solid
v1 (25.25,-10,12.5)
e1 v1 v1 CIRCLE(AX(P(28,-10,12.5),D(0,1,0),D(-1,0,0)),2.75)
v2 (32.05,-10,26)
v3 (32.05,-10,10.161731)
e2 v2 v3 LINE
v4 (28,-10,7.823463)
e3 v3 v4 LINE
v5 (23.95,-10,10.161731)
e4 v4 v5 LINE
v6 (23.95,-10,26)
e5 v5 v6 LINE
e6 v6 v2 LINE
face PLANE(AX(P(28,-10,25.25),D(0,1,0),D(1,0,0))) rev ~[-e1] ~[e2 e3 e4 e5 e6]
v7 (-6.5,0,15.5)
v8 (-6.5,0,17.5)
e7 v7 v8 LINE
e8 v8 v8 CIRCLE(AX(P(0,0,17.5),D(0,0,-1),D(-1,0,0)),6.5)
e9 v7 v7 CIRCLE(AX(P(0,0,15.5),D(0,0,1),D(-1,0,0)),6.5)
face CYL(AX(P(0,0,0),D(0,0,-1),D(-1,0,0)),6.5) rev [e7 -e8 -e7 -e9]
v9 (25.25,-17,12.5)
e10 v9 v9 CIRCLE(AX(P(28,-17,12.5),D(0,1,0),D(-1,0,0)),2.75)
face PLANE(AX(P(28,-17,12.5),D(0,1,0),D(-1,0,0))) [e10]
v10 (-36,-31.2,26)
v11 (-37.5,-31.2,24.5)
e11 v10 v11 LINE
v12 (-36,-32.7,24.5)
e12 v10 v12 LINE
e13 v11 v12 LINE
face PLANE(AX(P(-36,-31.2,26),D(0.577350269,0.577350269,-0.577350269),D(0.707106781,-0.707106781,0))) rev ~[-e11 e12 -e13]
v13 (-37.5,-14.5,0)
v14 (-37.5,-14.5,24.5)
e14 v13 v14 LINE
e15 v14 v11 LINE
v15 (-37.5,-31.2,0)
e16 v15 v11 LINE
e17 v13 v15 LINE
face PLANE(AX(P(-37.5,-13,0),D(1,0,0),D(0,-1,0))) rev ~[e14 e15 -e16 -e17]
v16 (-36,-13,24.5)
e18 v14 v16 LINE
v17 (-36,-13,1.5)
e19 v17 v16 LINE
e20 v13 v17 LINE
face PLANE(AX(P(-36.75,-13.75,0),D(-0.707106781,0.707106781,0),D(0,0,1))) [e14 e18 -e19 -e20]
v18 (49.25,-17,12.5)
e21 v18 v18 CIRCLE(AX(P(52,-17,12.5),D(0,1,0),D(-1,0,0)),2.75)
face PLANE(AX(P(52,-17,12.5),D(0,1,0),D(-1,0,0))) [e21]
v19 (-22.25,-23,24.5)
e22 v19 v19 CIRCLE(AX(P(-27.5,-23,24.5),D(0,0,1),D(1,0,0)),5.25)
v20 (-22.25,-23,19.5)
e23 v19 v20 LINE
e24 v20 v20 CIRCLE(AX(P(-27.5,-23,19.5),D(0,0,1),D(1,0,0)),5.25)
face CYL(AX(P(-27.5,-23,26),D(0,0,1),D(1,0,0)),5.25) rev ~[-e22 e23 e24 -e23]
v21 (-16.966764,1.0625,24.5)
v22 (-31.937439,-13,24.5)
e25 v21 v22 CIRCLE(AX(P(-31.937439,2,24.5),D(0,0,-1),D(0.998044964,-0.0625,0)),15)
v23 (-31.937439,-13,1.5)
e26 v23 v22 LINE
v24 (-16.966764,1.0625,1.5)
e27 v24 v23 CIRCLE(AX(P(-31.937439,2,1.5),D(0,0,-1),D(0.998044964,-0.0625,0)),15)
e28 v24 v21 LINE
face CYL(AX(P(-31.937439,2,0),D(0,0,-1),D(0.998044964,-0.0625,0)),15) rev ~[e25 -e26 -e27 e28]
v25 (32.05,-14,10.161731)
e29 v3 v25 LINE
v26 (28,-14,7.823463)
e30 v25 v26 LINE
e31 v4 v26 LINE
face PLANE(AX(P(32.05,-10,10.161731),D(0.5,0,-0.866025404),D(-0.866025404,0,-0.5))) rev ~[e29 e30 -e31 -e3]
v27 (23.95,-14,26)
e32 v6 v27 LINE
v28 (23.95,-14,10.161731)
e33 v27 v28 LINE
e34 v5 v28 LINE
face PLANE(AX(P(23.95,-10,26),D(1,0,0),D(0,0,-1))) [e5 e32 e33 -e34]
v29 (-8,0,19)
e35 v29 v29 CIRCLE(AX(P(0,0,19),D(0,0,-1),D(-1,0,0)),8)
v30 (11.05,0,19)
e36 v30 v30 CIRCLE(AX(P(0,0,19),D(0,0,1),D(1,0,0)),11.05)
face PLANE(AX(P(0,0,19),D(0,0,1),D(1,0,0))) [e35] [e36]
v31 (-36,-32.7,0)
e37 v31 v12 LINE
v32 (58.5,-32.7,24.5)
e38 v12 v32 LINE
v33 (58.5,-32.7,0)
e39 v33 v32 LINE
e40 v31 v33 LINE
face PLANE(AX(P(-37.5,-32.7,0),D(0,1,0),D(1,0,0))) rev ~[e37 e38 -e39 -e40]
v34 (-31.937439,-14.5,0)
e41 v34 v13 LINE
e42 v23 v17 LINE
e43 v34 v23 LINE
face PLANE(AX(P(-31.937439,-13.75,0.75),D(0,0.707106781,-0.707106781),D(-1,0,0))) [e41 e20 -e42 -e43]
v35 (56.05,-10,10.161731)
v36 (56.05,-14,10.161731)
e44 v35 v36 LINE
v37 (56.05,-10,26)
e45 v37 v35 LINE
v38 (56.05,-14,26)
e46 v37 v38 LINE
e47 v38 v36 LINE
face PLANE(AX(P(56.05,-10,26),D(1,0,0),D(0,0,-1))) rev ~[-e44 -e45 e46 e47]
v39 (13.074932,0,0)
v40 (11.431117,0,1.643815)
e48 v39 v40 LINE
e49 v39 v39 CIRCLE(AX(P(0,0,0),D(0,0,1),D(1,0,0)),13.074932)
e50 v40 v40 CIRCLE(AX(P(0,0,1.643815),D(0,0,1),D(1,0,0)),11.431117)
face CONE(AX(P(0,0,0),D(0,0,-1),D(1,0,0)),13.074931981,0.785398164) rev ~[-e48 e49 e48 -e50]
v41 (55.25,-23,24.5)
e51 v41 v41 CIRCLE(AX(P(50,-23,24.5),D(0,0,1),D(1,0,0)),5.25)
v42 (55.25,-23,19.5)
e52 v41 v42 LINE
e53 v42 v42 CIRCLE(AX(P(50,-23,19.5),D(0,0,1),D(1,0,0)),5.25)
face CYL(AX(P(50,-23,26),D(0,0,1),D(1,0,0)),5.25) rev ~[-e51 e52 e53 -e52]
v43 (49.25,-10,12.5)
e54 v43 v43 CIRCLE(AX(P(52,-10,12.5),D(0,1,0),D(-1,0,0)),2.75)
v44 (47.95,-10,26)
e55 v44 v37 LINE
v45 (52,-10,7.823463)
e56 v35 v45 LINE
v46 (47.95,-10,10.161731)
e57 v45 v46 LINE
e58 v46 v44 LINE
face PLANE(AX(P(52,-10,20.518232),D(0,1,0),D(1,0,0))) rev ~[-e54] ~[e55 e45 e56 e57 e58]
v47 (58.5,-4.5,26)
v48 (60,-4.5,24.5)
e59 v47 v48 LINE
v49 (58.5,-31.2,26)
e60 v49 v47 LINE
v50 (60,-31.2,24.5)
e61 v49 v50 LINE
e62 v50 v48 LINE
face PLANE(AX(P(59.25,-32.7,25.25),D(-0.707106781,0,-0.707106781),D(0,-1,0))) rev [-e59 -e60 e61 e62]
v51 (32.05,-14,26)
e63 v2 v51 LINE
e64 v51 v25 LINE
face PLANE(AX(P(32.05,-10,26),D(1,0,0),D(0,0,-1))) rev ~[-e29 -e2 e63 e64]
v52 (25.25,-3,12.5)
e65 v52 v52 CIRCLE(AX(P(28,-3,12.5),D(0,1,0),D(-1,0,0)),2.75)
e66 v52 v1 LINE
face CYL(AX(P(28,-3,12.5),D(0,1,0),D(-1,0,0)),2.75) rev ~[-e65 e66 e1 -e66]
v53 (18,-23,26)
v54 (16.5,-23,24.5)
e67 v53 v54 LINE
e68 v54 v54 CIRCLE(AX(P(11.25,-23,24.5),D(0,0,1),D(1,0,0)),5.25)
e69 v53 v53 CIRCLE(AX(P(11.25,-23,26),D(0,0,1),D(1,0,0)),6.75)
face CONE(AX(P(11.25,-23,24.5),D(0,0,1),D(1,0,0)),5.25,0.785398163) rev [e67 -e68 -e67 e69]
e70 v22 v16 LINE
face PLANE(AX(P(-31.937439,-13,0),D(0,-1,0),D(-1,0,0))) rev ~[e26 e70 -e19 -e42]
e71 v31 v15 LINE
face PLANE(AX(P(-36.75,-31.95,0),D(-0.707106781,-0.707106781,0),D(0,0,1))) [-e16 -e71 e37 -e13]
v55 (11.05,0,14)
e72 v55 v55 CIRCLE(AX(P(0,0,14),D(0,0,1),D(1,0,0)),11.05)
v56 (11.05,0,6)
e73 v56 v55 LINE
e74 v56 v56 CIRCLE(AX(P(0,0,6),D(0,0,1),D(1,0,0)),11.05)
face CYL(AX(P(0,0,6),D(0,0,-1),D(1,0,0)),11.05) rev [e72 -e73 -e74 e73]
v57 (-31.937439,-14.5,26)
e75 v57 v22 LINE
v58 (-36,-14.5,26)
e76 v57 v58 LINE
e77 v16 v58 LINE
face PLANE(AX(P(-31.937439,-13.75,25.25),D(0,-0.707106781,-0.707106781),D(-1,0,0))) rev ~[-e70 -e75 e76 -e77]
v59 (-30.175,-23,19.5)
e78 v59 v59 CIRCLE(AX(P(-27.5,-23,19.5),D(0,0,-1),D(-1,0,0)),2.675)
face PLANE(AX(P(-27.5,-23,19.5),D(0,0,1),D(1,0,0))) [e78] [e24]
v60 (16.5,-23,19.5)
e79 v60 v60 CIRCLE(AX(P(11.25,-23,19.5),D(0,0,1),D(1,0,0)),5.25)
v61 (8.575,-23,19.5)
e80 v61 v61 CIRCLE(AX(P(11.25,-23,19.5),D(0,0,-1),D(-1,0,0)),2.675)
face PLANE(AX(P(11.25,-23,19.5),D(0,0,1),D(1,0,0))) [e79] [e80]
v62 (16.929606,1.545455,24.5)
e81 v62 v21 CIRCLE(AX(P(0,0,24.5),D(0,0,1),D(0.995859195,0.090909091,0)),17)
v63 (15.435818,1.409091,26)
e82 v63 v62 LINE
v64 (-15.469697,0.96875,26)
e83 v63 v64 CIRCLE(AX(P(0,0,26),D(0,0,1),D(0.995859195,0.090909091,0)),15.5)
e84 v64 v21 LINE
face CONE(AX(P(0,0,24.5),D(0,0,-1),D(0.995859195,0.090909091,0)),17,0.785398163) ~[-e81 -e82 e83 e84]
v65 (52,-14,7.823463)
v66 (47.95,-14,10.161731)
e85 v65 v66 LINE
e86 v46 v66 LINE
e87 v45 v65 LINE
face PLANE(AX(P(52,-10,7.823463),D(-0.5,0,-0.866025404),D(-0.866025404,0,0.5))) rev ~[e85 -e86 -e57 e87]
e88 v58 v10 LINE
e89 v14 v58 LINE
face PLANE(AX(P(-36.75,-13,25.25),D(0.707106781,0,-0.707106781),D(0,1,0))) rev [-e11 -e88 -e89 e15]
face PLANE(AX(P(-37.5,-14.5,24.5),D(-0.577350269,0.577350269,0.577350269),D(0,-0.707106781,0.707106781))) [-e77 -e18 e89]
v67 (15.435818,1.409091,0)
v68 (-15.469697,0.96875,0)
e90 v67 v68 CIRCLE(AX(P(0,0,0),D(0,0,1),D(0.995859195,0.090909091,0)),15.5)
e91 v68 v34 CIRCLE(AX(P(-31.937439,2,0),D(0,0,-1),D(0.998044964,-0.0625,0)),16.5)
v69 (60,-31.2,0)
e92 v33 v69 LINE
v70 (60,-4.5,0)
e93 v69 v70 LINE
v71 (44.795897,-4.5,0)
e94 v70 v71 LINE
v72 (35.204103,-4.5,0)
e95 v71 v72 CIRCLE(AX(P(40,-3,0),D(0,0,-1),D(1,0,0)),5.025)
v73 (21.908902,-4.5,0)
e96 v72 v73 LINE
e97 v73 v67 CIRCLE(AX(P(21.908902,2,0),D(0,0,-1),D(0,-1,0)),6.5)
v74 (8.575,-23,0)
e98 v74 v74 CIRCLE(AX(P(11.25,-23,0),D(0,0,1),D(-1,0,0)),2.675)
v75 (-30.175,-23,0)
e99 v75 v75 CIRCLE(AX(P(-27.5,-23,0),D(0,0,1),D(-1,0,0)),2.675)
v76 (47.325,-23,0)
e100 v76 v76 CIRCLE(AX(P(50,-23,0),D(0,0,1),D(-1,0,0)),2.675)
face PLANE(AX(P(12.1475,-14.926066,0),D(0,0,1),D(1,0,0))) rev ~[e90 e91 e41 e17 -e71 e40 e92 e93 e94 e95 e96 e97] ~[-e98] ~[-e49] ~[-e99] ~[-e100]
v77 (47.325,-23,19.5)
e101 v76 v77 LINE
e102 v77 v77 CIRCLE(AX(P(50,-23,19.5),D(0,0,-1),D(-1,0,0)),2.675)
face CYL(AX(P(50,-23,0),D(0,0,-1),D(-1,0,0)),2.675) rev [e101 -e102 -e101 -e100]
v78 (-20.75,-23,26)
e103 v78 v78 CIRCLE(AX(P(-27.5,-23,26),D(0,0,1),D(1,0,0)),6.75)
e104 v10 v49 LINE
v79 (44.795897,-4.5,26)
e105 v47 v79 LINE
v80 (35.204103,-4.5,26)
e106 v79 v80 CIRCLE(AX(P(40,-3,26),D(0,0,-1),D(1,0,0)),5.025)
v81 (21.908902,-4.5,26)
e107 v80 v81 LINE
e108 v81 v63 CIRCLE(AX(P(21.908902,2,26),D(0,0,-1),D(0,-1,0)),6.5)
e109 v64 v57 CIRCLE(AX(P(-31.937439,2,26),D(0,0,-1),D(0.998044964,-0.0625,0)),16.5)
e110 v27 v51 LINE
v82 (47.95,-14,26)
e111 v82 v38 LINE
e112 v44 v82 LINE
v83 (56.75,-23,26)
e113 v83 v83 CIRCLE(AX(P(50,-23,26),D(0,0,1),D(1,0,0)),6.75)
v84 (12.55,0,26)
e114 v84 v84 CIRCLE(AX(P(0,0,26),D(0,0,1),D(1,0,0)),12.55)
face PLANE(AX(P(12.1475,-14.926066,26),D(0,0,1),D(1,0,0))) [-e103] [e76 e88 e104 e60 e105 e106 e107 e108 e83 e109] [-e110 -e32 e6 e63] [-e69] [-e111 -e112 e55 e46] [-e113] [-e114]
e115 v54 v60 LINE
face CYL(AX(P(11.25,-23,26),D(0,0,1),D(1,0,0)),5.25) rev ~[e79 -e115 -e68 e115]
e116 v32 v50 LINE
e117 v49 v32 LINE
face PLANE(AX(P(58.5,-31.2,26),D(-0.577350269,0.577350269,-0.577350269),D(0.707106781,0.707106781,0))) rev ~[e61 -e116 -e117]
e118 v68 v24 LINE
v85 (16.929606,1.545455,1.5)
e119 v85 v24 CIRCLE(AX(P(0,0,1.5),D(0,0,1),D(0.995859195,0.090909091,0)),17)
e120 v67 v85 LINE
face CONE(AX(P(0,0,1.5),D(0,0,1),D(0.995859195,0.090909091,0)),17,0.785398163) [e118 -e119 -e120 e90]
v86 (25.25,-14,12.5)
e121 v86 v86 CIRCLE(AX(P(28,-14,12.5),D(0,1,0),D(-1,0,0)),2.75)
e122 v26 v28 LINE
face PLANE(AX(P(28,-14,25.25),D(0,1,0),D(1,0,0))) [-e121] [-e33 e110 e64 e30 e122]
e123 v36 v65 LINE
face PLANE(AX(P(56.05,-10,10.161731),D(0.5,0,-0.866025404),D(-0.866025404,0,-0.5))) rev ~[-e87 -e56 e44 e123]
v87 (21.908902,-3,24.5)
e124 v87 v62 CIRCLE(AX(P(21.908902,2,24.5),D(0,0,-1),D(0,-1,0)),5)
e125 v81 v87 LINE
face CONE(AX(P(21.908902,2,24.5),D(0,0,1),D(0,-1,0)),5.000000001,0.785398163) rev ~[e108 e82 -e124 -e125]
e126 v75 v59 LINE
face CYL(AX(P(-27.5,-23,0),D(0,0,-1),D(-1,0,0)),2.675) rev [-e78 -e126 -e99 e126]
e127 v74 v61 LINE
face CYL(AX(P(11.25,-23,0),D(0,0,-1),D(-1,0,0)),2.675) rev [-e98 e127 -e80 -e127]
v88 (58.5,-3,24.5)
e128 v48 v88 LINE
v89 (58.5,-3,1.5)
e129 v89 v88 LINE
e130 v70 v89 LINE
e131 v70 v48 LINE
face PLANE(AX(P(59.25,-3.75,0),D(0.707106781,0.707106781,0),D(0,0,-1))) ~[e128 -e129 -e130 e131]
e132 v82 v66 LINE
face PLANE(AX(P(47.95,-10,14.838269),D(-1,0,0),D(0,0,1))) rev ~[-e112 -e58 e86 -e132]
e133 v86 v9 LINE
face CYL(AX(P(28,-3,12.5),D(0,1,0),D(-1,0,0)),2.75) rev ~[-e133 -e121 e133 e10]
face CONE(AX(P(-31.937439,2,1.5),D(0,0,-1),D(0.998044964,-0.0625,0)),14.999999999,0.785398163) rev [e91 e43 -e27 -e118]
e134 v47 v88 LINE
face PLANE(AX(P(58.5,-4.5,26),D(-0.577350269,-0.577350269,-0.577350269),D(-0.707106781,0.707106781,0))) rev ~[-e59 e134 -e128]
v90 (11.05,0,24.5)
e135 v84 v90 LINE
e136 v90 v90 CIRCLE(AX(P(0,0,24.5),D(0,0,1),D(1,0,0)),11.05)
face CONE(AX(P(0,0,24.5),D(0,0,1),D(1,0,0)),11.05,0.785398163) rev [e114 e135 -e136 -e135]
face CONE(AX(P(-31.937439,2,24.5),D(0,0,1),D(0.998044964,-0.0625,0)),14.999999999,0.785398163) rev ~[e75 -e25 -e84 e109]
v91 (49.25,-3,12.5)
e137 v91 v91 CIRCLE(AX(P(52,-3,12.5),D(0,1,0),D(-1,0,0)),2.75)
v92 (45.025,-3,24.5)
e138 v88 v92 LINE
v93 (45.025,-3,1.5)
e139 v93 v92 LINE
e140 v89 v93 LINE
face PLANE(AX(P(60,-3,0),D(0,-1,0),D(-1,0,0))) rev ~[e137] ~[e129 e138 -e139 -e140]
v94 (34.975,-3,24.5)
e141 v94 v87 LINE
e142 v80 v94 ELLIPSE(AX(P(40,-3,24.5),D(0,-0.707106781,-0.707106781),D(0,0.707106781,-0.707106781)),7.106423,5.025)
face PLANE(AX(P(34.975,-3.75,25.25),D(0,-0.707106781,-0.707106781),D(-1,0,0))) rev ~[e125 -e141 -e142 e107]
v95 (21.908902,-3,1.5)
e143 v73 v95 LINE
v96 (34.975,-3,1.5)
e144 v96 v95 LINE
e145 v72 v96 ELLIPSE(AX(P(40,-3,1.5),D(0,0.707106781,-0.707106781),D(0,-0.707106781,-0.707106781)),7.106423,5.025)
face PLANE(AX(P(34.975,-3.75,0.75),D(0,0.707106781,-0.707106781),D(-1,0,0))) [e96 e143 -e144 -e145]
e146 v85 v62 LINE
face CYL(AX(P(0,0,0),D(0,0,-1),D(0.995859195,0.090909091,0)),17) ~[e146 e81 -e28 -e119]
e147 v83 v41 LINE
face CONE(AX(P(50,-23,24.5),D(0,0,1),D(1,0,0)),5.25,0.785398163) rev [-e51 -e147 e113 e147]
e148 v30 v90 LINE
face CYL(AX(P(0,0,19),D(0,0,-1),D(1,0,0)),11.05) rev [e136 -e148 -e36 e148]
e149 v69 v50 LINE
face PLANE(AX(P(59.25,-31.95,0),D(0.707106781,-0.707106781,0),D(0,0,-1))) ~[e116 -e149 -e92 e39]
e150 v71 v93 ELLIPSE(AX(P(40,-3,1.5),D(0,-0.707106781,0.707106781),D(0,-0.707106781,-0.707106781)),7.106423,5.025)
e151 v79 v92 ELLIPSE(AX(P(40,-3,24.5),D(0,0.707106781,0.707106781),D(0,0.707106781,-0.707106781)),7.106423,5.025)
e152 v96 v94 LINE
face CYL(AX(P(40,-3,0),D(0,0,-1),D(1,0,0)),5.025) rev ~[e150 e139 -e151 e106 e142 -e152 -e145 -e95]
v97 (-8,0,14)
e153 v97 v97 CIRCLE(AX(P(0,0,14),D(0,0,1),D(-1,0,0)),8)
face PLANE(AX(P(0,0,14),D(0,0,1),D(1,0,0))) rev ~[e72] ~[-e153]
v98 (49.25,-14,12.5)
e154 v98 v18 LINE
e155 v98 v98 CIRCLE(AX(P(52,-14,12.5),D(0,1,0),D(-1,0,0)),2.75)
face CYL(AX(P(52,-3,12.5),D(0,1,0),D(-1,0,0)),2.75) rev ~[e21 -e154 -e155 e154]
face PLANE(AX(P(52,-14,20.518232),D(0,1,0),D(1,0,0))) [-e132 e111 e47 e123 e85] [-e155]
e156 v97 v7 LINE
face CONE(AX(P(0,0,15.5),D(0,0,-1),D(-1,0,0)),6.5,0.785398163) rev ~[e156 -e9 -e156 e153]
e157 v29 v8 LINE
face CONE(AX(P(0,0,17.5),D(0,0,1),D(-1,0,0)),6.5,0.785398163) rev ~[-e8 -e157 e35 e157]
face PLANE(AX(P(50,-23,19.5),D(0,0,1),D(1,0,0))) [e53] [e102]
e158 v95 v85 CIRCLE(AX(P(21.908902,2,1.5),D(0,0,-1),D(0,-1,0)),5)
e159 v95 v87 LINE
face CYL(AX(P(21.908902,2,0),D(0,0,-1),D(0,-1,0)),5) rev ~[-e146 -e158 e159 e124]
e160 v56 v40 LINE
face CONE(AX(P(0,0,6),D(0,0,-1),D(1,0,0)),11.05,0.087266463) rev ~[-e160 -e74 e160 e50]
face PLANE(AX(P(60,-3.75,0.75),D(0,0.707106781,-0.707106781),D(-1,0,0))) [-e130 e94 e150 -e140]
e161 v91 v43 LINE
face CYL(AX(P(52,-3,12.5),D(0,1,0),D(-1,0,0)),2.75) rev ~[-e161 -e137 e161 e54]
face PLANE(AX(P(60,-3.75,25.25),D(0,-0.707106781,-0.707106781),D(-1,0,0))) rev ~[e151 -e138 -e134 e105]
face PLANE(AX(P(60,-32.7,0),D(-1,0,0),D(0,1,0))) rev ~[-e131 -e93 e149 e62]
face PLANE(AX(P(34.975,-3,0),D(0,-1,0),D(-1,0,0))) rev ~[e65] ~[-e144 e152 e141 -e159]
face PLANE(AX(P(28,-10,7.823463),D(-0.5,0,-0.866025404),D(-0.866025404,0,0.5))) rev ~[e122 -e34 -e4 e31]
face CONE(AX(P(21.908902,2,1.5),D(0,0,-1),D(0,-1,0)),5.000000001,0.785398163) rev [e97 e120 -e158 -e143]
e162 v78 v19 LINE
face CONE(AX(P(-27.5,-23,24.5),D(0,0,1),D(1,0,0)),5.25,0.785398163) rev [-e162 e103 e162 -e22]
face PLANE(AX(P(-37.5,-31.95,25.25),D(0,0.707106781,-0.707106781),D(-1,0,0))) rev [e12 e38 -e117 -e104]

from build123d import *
from OCP.BRepFilletAPI import BRepFilletAPI_MakeChamfer

# Parameters (mm, degrees)
SKETCH1_R           = 2.675
SKETCH1_R_2         = 6.5
BOSS_EXTRUDE1_DEPTH = 26
CUT_EXTRUDE2_START  = 6
SKETCH1_4_R         = 11.05
SKETCH1_4_R_2       = 6.5
CUT_EXTRUDE2_DEPTH  = 8
SKETCH5_R           = 11.05
CUT_EXTRUDE6_DEPTH  = 6
CUT_EXTRUDE6_DRAFT  = 5
SKETCH4_R           = 5.25
CUT_EXTRUDE5_DEPTH  = 6.5
CUT_EXTRUDE10_START = -7
SKETCH9_R           = 11.05
CUT_EXTRUDE10_DEPTH = 7
CHAMFER5_SIZE       = 1.5
CHAMFER5_SIZE2      = 1.650094301
SKETCH6_R           = 2.75
CUT_EXTRUDE7_DEPTH  = 14
CUT_EXTRUDE8_START  = -7
SKETCH7_R           = 2.75
SKETCH7_W           = 8.1
SKETCH7_H           = 1.5
CUT_EXTRUDE8_DEPTH  = 4


with BuildPart() as part:
    # Sketch1 → Boss-Extrude1 (new body)
    with BuildSketch(Plane.XY):
        with BuildLine():
            Line((-37.5, -32.7), (60, -32.7))
            Line((60, -32.7), (60, -3))
            Line((60, -3), (45.025, -3))
            ThreePointArc((45.025, -3), (40, -8.025), (34.975, -3))
            Line((34.975, -3), (21.9089023, -3))
            ThreePointArc((21.9089023, -3), (18.537902988, -1.692744729), (16.929606323, 1.545454545))
            ThreePointArc((16.929606323, 1.545454545), (-0.242190945, 16.998274723), (-16.966764387, 1.0625))
            ThreePointArc((-16.966764387, 1.0625), (-21.667640892, -8.933034803), (-31.937438845, -13))
            Line((-31.937438845, -13), (-37.5, -13))
            Line((-37.5, -13), (-37.5, -32.7))
        make_face()
        with Locations(Location((-27.5, -23, 0), (0, 0, 180))):
            Circle(SKETCH1_R, mode=Mode.SUBTRACT)
        with Locations(Location((50, -23, 0), (0, 0, 180))):
            Circle(SKETCH1_R, mode=Mode.SUBTRACT)
        with Locations(Location((0, 0, 0), (0, 0, 180))):
            Circle(SKETCH1_R_2, mode=Mode.SUBTRACT)
        with Locations(Location((11.25, -23, 0), (0, 0, 180))):
            Circle(SKETCH1_R, mode=Mode.SUBTRACT)
    extrude(amount=BOSS_EXTRUDE1_DEPTH)

    # Sketch1<4> → Cut-Extrude2 (cut)
    with BuildSketch(Plane.XY.offset(CUT_EXTRUDE2_START)):
        Circle(SKETCH1_4_R)
        with Locations(Location((0, 0, 0), (0, 0, 180))):
            Circle(SKETCH1_4_R_2, mode=Mode.SUBTRACT)
    extrude(amount=CUT_EXTRUDE2_DEPTH, mode=Mode.SUBTRACT)


with BuildPart() as cut_extrude6_tool:
    # Sketch5 → Cut-Extrude6 (with draft: the straight prism first)
    with BuildSketch(Plane.XY.offset(6)):
        Circle(SKETCH5_R)
    extrude(amount=-CUT_EXTRUDE6_DEPTH)
    # Cut-Extrude6: the draft: its side faces are tilted about the plane it starts from
    cut_extrude6_sides = [cut_extrude6_tool.faces().sort_by_distance(p)[0] for p in [
        (-11.05, 0, 3),
    ]]
    draft(cut_extrude6_sides, Plane.XY.offset(6), CUT_EXTRUDE6_DRAFT)


with BuildPart() as part_1:
    add(part.part)

    # Cut-Extrude6: cut by cut_extrude6_tool
    add(cut_extrude6_tool.part, mode=Mode.SUBTRACT)

    # Sketch4 → Cut-Extrude5 (cut)
    with BuildSketch(Plane.XY.offset(26)):
        with Locations((-27.5, -23)):
            Circle(SKETCH4_R)
        with Locations((50, -23)):
            Circle(SKETCH4_R)
        with Locations((11.25, -23)):
            Circle(SKETCH4_R)
    extrude(amount=-CUT_EXTRUDE5_DEPTH, mode=Mode.SUBTRACT)

    # Sketch9 → Cut-Extrude10 (cut)
    with BuildSketch(Plane.XY.offset(26).offset(CUT_EXTRUDE10_START)):
        Circle(SKETCH9_R)
    extrude(amount=CUT_EXTRUDE10_DEPTH, mode=Mode.SUBTRACT)

    # Chamfer5: one chamfer whose edges measure the first distance from different faces: ONE call of the kernel's chamfer builder (chamfer() names one face for all edges)
    chamfer5_edges_1 = [part_1.edges().sort_by_distance(p)[0] for p in [
        (28.44195115, -3, 26),
        (18.537902988, -1.692744729, 26),
        (52.5125, -3, 0),
        (-34.718719423, -13, 0),
        (-21.667640892, -8.933034803, 0),
        (-0.242190945, 16.998274723, 0),
        (-0.242190945, 16.998274723, 26),
        (18.537902988, -1.692744729, 0),
        (28.44195115, -3, 0),
        (-21.667640892, -8.933034803, 26),
        (60, -3, 13),
        (60, -32.7, 13),
        (-37.5, -32.7, 13),
        (-37.5, -13, 13),
        (-34.718719423, -13, 26),
        (-37.5, -22.85, 26),
        (11.25, -32.7, 26),
        (60, -17.85, 26),
        (6.5, 0, 14),
        (52.5125, -3, 26),
        (-32.75, -23, 26),
        (44.75, -23, 26),
        (6, -23, 26),
        (6.5, 0, 19),
        (-11.05, 0, 26),
    ]]
    chamfer5_edges_2 = [part_1.edges().sort_by_distance(p)[0] for p in [
        (-11.574931981, 0, 0),
    ]]
    chamfer5_side_2 = [part_1.faces().sort_by_distance(p)[0] for p in [
        (12.610092139, -16.470965453, 0),
    ]]
    chamfer5 = BRepFilletAPI_MakeChamfer(part_1.part.solid().wrapped)
    for e in chamfer5_edges_1:
        chamfer5.Add(CHAMFER5_SIZE, e.wrapped)
    for e in chamfer5_edges_2:
        chamfer5.Add(CHAMFER5_SIZE, CHAMFER5_SIZE2, e.wrapped, chamfer5_side_2[0].wrapped)  # the first distance lies on this face
    add(Compound.cast(chamfer5.Shape()), mode=Mode.REPLACE)

    # Sketch6 → Cut-Extrude7 (cut)
    with BuildSketch(Plane(origin=(0, -3, 0), x_dir=(1, 0, 0), z_dir=(0, 1, 0))):
        with Locations(Location((52, -12.5, 0), (0, 0, 180))):
            Circle(SKETCH6_R)
        with Locations(Location((28, -12.5, 0), (0, 0, 180))):
            Circle(SKETCH6_R)
    extrude(amount=-CUT_EXTRUDE7_DEPTH, mode=Mode.SUBTRACT)

    # Sketch7 → Cut-Extrude8 (cut)
    # profile 1 of 5: a face of its own
    with BuildSketch(Plane(origin=(0, -3, 0), x_dir=(1, 0, 0), z_dir=(0, 1, 0)).offset(CUT_EXTRUDE8_START)):
        Polygon((23.95, -10.16173141), (23.95, -14.83826859), (28, -17.17653718), (32.05, -14.83826859), (32.05, -10.16173141), (28, -7.82346282), align=None)
        with Locations(Location((28, -12.5, 0), (0, 0, 180))):
            Circle(SKETCH7_R, mode=Mode.SUBTRACT)
    # profile 2 of 5: a face of its own
    with BuildSketch(Plane(origin=(0, -3, 0), x_dir=(1, 0, 0), z_dir=(0, 1, 0)).offset(CUT_EXTRUDE8_START)):
        Polygon((28, -17.17653718), (23.95, -14.83826859), (23.95, -24.5), (32.05, -24.5), (32.05, -14.83826859), align=None)
    # profile 3 of 5: a face of its own
    with BuildSketch(Plane(origin=(0, -3, 0), x_dir=(1, 0, 0), z_dir=(0, 1, 0)).offset(CUT_EXTRUDE8_START)):
        Polygon((47.95, -10.16173141), (47.95, -14.83826859), (52, -17.17653718), (56.05, -14.83826859), (56.05, -10.16173141), (52, -7.82346282), align=None)
    # profile 4 of 5: a face of its own
    with BuildSketch(Plane(origin=(0, -3, 0), x_dir=(1, 0, 0), z_dir=(0, 1, 0)).offset(CUT_EXTRUDE8_START)):
        Polygon((47.95, -26), (56.05, -26), (56.05, -14.83826859), (52, -17.17653718), (47.95, -14.83826859), align=None)
    # profile 5 of 5: a face of its own
    with BuildSketch(Plane(origin=(0, -3, 0), x_dir=(1, 0, 0), z_dir=(0, 1, 0)).offset(CUT_EXTRUDE8_START)):
        with Locations((28, -25.25)):
            Rectangle(SKETCH7_W, SKETCH7_H)
    extrude(amount=-CUT_EXTRUDE8_DEPTH, mode=Mode.SUBTRACT)


solid = part_1.part
